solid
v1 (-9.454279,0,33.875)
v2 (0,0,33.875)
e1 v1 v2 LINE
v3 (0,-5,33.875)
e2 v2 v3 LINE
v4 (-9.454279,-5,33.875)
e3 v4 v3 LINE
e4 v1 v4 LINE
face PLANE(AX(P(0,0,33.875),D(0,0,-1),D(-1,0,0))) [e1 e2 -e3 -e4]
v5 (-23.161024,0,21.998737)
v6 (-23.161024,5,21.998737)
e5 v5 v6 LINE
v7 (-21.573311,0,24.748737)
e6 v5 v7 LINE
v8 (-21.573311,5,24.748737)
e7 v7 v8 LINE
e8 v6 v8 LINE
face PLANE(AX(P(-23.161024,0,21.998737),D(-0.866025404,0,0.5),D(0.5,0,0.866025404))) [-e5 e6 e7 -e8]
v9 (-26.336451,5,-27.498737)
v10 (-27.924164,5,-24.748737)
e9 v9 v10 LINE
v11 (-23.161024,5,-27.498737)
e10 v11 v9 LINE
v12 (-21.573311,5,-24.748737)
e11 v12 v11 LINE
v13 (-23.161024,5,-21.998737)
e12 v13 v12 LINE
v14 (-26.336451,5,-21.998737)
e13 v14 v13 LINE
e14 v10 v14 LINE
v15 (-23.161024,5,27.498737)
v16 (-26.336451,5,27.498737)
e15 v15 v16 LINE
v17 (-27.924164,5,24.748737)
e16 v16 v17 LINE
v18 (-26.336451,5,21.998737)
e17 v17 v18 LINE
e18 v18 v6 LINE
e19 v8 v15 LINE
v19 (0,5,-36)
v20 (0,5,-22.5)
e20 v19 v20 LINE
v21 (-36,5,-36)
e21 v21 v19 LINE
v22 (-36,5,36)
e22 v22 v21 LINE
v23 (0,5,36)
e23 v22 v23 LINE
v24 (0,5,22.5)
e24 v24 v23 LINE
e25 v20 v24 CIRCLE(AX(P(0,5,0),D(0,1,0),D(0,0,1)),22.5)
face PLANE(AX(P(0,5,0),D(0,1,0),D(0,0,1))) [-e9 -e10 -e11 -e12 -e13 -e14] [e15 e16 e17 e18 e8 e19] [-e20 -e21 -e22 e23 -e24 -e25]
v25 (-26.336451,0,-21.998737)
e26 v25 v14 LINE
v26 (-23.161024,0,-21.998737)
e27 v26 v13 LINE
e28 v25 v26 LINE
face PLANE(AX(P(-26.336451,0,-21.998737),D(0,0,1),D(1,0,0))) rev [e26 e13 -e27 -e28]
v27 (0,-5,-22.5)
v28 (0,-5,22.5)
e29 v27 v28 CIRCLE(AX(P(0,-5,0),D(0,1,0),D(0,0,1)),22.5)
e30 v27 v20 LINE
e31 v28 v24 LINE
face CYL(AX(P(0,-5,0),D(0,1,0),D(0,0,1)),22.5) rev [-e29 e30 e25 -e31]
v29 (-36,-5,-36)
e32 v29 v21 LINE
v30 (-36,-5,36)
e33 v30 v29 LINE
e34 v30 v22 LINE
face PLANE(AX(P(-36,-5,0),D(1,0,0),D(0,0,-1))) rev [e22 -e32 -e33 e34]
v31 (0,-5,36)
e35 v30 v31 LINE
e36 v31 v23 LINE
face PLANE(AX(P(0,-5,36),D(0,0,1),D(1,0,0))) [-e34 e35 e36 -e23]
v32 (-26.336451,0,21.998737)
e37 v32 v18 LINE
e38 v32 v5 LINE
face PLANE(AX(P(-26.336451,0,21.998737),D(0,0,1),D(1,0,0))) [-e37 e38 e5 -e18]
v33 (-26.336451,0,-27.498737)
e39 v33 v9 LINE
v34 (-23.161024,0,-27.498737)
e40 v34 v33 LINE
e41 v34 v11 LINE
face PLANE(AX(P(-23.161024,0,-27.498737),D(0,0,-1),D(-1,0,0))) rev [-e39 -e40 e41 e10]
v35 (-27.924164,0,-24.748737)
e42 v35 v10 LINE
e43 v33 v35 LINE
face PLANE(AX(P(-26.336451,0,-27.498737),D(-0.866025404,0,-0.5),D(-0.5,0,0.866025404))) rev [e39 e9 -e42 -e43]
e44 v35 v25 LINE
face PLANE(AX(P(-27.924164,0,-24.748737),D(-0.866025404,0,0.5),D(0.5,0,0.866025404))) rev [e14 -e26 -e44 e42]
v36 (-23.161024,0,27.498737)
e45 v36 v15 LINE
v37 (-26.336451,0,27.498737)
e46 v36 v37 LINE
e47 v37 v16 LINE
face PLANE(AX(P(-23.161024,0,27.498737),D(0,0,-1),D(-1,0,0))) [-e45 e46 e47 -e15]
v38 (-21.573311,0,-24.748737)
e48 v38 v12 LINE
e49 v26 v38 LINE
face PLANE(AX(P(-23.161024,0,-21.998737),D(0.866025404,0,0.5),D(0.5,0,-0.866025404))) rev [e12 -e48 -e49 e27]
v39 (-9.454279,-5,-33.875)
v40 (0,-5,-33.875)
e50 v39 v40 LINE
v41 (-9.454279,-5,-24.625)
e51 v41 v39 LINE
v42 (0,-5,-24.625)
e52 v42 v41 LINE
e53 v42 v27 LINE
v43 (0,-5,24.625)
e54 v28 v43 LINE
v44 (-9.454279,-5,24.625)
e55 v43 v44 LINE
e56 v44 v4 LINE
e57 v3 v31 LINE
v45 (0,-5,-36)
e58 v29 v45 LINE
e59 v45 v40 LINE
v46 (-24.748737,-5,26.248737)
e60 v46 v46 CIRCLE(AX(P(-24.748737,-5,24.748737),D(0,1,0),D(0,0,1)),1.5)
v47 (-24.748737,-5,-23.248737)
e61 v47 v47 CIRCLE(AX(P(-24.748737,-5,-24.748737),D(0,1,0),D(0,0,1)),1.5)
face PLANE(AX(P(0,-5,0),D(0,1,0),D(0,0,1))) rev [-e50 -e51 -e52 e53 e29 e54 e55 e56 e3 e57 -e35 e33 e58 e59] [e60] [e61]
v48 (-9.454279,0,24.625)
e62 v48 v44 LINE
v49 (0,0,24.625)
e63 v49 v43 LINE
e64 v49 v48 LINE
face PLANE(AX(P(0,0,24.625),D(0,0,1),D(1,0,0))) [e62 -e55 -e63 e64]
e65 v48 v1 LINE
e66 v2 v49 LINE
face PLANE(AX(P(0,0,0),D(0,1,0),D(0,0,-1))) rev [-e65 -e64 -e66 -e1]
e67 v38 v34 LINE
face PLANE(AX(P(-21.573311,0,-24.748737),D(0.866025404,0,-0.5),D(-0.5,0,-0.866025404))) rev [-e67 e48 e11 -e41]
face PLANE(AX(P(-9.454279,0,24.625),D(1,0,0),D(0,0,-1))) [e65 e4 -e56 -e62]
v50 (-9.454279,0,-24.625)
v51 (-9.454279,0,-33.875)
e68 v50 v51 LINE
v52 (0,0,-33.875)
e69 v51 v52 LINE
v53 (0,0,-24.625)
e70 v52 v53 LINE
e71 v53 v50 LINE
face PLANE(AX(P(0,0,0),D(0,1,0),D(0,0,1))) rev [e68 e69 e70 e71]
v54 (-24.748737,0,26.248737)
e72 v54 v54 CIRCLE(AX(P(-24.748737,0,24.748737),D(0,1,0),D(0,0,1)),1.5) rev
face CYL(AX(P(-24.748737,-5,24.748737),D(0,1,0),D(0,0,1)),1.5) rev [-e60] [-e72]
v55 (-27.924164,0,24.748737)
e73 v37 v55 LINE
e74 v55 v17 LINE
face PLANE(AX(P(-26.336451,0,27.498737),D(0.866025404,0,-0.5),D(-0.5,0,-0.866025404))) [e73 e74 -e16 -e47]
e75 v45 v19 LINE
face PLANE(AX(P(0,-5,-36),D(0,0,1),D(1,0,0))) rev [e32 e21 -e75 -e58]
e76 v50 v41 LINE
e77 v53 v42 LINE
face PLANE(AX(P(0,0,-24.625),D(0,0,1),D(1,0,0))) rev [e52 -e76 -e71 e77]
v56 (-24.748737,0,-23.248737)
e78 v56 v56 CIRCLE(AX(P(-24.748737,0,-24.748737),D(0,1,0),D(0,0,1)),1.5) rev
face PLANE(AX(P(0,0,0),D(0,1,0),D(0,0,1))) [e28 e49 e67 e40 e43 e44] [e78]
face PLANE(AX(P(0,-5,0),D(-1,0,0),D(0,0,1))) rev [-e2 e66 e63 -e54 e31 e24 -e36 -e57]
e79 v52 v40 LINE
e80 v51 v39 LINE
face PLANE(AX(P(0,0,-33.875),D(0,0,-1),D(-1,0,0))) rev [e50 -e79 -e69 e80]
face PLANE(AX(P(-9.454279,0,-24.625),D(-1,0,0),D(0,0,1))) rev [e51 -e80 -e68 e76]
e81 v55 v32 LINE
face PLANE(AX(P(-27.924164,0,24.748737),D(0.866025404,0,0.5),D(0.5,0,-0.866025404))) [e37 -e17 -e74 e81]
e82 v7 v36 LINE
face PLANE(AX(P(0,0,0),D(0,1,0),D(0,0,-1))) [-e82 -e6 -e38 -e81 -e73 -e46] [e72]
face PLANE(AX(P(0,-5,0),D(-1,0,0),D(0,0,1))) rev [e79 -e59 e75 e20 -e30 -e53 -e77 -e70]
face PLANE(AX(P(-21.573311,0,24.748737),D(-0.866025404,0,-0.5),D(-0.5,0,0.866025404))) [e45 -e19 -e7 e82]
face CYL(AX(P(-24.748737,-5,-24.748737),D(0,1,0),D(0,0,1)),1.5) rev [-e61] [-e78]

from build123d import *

# Parameters (mm, degrees)
BOSS_EXTRUDE1_DEPTH      = 5
BOSS_EXTRUDE1_DEPTH_BACK = 5
SKETCH1_R                = 1.5
CUT_EXTRUDE1_DEPTH       = 5
SKETCH4_W                = 9.454278837
SKETCH4_H                = 9.25
CUT_EXTRUDE2_DEPTH       = 5


with BuildPart() as part:
    # Sketch1 → Boss-Extrude1 (new, two sides: drawn at the far end of the back side and taken through both)
    with BuildSketch(Plane(origin=(0, 0, 0), x_dir=(1, 0, 0), z_dir=(0, 1, 0)).offset(-BOSS_EXTRUDE1_DEPTH_BACK)):
        with BuildLine():
            Line((0, 22.5), (0, 36))
            Line((0, 36), (-36, 36))
            Line((-36, 36), (-36, -36))
            Line((-36, -36), (0, -36))
            Line((0, -36), (0, -22.5))
            ThreePointArc((0, -22.5), (-22.5, 0), (0, 22.5))
        make_face()
        with Locations((-24.748737342, -24.748737342)):
            Circle(SKETCH1_R, mode=Mode.SUBTRACT)
        with Locations((-24.748737342, 24.748737342)):
            Circle(SKETCH1_R, mode=Mode.SUBTRACT)
    extrude(amount=BOSS_EXTRUDE1_DEPTH + BOSS_EXTRUDE1_DEPTH_BACK)

    # Sketch2 → Cut-Extrude1 (cut)
    with BuildSketch(Plane(origin=(0, 5, 0), x_dir=(1, 0, 0), z_dir=(0, 1, 0))):
        Polygon((-23.161024101, 27.498737342), (-26.336450582, 27.498737342), (-27.924163822, 24.748737342), (-26.336450582, 21.998737342), (-23.161024101, 21.998737342), (-21.573310861, 24.748737342), align=None)
    cut_extrude1 = extrude(amount=-CUT_EXTRUDE1_DEPTH, mode=Mode.SUBTRACT)

    # Mirror1: Cut-Extrude1 across plane
    add(cut_extrude1.mirror(Plane.XY), mode=Mode.SUBTRACT)

    # Sketch4 → Cut-Extrude2 (cut)
    with BuildSketch(Plane.XZ.offset(5)):
        with Locations((-4.727139419, -29.25)):
            Rectangle(SKETCH4_W, SKETCH4_H)
    cut_extrude2 = extrude(amount=-CUT_EXTRUDE2_DEPTH, mode=Mode.SUBTRACT)

    # Mirror3: Cut-Extrude2 across plane
    add(cut_extrude2.mirror(Plane.XY), mode=Mode.SUBTRACT)


solid = part.part
